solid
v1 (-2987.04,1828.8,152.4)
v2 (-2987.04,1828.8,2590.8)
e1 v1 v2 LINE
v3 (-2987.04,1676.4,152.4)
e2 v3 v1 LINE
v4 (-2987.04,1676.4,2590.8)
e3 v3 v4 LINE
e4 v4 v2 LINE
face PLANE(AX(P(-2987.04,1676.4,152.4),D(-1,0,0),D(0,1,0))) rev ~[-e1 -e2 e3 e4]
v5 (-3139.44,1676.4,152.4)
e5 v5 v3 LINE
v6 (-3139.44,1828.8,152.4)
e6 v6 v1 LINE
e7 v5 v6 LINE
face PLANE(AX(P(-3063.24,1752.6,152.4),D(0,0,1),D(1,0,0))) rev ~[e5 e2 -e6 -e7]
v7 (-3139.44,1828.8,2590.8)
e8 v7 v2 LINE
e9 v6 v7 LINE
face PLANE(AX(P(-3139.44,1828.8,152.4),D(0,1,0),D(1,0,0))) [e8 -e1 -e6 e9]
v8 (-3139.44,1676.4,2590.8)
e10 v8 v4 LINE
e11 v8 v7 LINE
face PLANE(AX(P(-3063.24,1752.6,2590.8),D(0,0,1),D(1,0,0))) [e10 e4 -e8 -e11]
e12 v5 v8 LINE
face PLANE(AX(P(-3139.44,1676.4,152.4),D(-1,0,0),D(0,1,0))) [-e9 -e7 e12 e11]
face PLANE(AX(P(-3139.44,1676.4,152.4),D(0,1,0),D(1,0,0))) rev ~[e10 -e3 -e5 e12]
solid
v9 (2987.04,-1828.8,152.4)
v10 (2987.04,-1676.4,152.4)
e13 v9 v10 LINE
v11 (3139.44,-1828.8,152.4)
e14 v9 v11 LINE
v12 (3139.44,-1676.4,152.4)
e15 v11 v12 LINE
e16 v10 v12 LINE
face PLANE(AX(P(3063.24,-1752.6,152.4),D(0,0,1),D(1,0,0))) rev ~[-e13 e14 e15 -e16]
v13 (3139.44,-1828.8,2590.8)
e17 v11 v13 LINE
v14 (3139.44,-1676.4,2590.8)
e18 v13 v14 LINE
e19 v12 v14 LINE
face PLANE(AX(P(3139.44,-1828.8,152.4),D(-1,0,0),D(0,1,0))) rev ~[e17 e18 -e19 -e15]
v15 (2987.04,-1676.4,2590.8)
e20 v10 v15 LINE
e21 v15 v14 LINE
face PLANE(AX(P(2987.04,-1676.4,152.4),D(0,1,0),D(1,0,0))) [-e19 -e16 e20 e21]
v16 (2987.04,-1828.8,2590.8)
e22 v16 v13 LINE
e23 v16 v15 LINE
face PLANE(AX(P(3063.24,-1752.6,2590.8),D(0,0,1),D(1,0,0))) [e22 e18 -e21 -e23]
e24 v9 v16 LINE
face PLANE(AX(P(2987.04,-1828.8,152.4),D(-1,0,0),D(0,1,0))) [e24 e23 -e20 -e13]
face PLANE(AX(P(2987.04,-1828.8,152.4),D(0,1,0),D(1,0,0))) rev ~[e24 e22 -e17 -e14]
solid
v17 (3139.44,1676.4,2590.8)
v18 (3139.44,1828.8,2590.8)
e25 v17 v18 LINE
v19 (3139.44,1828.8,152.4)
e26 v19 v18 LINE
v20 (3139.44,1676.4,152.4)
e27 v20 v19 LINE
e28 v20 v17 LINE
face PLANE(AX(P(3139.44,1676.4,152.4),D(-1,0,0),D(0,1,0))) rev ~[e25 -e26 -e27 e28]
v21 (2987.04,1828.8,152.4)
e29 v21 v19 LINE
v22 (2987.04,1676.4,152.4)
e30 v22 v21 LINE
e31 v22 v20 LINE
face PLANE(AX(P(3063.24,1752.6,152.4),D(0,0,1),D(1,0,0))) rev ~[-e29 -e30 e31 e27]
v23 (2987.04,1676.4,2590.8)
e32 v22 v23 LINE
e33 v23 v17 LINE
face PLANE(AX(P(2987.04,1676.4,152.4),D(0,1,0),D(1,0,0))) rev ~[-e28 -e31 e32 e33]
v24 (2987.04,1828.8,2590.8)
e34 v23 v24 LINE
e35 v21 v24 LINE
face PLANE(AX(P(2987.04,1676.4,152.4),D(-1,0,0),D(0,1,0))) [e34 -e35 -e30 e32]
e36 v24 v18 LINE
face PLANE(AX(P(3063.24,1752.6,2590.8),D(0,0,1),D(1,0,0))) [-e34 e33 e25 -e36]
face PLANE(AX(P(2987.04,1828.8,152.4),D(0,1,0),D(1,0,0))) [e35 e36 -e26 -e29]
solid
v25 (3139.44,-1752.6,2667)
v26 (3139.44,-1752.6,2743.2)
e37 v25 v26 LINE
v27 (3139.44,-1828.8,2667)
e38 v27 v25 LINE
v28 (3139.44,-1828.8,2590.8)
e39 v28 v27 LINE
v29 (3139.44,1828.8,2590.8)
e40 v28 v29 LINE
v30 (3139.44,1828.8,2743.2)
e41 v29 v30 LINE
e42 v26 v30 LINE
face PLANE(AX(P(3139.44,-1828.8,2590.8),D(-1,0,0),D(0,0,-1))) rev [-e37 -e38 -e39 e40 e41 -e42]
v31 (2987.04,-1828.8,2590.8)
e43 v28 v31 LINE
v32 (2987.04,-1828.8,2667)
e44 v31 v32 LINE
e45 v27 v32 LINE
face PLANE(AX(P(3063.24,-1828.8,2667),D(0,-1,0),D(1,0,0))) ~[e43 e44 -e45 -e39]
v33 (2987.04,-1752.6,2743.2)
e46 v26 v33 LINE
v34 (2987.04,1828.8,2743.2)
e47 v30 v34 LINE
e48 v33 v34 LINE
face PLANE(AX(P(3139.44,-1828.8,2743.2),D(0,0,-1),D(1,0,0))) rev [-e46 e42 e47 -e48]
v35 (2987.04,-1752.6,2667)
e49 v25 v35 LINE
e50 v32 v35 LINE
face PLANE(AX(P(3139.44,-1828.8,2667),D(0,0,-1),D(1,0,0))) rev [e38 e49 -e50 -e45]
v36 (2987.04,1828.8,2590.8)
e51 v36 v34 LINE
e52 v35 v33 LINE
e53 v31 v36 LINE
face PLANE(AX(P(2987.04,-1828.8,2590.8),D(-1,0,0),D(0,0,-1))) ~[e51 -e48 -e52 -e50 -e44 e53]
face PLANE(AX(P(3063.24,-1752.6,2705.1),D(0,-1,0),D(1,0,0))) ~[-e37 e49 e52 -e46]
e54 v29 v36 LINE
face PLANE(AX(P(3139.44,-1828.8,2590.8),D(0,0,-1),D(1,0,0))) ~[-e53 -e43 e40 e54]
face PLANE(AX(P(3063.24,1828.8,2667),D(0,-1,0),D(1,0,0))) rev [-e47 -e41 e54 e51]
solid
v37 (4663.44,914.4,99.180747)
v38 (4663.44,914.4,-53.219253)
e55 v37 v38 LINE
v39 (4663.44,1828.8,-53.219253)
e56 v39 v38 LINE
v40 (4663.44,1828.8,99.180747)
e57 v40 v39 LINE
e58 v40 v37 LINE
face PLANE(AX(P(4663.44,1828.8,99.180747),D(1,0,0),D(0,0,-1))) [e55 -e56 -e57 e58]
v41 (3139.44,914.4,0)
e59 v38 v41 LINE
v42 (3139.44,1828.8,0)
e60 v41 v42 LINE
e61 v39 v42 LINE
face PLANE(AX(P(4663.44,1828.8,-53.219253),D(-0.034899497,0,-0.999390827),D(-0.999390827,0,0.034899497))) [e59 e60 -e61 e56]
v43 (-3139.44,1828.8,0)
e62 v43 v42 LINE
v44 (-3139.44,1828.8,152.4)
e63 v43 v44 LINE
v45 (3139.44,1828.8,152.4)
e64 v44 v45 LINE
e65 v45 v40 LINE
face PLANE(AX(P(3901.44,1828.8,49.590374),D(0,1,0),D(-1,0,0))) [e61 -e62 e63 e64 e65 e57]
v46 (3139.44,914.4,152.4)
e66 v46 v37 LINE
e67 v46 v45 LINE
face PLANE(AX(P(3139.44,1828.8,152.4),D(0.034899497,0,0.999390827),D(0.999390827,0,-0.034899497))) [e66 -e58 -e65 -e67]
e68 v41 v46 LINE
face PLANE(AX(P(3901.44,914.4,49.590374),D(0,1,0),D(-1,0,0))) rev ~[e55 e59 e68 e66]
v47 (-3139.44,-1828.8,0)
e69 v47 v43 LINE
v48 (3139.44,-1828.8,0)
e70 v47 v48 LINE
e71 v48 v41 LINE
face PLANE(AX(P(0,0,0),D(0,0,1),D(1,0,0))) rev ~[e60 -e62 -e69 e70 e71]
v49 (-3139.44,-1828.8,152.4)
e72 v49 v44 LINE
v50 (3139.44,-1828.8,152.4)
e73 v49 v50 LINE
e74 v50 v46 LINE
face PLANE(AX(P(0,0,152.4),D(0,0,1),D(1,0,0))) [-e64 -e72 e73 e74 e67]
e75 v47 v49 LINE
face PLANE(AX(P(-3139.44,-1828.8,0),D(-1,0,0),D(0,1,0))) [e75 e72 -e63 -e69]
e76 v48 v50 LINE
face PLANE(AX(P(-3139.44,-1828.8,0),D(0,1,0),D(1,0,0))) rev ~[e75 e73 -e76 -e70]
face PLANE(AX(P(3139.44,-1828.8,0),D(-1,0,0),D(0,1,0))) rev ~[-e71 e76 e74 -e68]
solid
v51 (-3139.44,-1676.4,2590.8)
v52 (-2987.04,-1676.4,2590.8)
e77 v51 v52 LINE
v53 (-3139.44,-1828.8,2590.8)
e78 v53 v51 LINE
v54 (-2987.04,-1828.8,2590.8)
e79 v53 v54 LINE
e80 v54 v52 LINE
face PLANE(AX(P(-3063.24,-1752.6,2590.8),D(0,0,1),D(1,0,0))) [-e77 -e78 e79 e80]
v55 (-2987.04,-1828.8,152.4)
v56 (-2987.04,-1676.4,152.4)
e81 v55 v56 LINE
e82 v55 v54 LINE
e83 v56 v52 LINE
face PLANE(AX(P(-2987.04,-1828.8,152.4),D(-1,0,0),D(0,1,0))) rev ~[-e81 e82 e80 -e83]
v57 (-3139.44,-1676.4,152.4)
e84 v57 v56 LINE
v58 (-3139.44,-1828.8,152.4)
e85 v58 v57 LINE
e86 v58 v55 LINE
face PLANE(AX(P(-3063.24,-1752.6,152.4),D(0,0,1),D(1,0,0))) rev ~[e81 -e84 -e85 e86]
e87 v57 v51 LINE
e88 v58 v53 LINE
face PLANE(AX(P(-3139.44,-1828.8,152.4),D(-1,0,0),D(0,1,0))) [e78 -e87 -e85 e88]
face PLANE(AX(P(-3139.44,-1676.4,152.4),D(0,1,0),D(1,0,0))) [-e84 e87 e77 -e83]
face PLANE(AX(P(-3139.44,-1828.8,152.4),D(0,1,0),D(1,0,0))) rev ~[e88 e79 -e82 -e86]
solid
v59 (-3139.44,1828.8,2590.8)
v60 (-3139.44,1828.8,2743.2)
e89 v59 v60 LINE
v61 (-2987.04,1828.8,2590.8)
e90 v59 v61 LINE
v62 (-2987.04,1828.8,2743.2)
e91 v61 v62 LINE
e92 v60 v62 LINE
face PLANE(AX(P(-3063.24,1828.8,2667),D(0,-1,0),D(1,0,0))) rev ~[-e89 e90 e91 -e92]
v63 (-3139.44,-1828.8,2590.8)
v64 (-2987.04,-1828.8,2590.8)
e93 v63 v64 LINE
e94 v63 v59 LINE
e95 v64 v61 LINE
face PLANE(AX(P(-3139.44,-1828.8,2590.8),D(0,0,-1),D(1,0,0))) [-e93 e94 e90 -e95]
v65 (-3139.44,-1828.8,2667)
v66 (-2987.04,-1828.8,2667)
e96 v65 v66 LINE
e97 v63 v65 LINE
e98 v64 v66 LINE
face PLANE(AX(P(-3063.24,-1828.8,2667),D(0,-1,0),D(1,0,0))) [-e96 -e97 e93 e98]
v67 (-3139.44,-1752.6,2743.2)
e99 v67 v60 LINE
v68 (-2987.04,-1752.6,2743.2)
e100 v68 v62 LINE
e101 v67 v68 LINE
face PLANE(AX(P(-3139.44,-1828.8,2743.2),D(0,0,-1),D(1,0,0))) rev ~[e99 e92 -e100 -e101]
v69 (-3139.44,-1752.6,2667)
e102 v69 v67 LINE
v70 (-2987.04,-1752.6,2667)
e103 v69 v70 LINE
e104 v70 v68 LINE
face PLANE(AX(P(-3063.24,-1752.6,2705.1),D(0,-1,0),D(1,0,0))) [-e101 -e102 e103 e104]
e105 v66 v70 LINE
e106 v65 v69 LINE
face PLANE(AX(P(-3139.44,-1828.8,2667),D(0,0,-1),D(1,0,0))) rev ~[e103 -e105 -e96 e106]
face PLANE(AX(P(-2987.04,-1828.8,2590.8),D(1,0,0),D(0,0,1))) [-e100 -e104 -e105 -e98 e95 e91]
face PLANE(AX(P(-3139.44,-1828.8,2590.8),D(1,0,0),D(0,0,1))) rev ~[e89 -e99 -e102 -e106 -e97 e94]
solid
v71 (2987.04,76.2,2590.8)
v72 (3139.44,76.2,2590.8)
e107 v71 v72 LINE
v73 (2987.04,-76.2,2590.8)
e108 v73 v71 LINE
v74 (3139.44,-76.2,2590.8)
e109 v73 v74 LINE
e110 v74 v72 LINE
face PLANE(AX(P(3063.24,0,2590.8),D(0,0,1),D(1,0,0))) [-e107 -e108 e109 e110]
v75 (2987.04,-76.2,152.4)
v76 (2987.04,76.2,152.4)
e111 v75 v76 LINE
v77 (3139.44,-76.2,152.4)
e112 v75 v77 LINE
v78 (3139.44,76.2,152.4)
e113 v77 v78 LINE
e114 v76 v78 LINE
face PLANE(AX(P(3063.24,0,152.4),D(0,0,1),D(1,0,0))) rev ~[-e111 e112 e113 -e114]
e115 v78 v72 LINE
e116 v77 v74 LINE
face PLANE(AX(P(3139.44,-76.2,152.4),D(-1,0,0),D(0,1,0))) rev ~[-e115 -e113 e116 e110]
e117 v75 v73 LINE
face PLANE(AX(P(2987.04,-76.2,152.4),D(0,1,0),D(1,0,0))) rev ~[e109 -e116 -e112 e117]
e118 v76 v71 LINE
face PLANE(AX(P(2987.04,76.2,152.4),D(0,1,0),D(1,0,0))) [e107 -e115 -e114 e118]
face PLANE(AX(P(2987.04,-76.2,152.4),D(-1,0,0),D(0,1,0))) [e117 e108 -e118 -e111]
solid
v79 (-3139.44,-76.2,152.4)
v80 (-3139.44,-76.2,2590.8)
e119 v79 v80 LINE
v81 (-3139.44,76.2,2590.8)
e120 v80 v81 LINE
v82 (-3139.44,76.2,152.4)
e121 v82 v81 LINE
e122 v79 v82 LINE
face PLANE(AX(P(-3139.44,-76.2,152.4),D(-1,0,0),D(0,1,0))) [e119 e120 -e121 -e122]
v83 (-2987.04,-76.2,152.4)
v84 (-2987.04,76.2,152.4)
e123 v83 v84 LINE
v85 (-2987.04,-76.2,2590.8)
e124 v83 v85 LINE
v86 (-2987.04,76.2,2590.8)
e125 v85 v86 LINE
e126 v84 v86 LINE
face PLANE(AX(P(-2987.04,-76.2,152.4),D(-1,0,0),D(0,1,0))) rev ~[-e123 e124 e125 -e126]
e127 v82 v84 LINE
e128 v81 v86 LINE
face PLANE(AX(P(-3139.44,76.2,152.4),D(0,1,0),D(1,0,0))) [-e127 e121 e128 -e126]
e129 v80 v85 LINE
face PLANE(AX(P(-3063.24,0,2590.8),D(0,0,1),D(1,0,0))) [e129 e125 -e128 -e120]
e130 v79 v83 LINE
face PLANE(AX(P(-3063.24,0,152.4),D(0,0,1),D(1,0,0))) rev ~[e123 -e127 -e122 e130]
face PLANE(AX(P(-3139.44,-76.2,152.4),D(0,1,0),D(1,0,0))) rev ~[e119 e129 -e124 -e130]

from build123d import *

# Parameters (mm, degrees)
F0_W      = 6278.88
F0_H      = 3657.6
F1_DEPTH  = 152.4
F2_W      = 152.4
F2_H      = 152.4
F3_DEPTH  = 2438.4
F4_W      = 152.4
F4_H      = 152.4
F5_DEPTH  = 2438.4
F7_DEPTH  = 914.4
F8_W      = 152.4
F8_H      = 152.4
F9_DEPTH  = 3657.6
F10_W     = 152.4
F10_H     = 76.2
F11_DEPTH = 76.2


with BuildPart() as f1:
    # F0 (on Top) → F1 (new body)
    with BuildSketch(Plane.XY):
        Rectangle(F0_W, F0_H)
    extrude(amount=F1_DEPTH)

    # F6 (on face) → F7 (join)
    with BuildSketch(Plane(origin=(0, 1828.8, 0), x_dir=(-1, 0, 0), z_dir=(0, 1, 0))):
        Polygon((-3139.44, 0), (-3139.44, 152.4), (-4663.44, 99.1807472946), (-4663.44, -53.2192527054), align=None)
    extrude(amount=-F7_DEPTH)


with BuildPart() as f3:
    # F2 (on face) → F3 (new body)
    with BuildSketch(Plane.XY.offset(152.4)):
        with Locations((-3063.24, -1752.6)):
            Rectangle(F2_W, F2_H)
    extrude(amount=F3_DEPTH)


with BuildPart() as f3b:
    # F2 (on face) → F3, piece 2 (new body)
    with BuildSketch(Plane.XY.offset(152.4)):
        with Locations((-3063.24, 1752.6)):
            Rectangle(F2_W, F2_H)
    extrude(amount=F3_DEPTH)


with BuildPart() as f3c:
    # F2 (on face) → F3, piece 3 (new body)
    with BuildSketch(Plane.XY.offset(152.4)):
        with Locations((3063.24, 1752.6)):
            Rectangle(F2_W, F2_H)
    extrude(amount=F3_DEPTH)


with BuildPart() as f3d:
    # F2 (on face) → F3, piece 4 (new body)
    with BuildSketch(Plane.XY.offset(152.4)):
        with Locations((3063.24, -1752.6)):
            Rectangle(F2_W, F2_H)
    extrude(amount=F3_DEPTH)


with BuildPart() as f5:
    # F4 (on face) → F5 (new body)
    with BuildSketch(Plane.XY.offset(152.4)):
        with Locations((-3063.24, 0)):
            Rectangle(F4_W, F4_H)
    extrude(amount=F5_DEPTH)


with BuildPart() as f5b:
    # F4 (on face) → F5, piece 2 (new body)
    with BuildSketch(Plane.XY.offset(152.4)):
        with Locations((3063.24, 0)):
            Rectangle(F4_W, F4_H)
    extrude(amount=F5_DEPTH)


with BuildPart() as f9:
    # F8 (on face) → F9 (new body)
    with BuildSketch(Plane.XZ.offset(1828.8)):
        with Locations((-3063.24, 2667)):
            Rectangle(F8_W, F8_H)
    extrude(amount=-F9_DEPTH)

    # F10 (on face) → F11 (cut)
    with BuildSketch(Plane.XZ.offset(1828.8)):
        with Locations((-3063.24, 2705.1)):
            Rectangle(F10_W, F10_H)
    extrude(amount=-F11_DEPTH, mode=Mode.SUBTRACT)


with BuildPart() as f12_1:
    # F12: instance of F9
    add(f9.part.mirror(Plane.YZ))


solid = Compound([f1.part, f3.part, f3b.part, f3c.part, f3d.part, f5.part, f5b.part, f9.part, f12_1.part])
